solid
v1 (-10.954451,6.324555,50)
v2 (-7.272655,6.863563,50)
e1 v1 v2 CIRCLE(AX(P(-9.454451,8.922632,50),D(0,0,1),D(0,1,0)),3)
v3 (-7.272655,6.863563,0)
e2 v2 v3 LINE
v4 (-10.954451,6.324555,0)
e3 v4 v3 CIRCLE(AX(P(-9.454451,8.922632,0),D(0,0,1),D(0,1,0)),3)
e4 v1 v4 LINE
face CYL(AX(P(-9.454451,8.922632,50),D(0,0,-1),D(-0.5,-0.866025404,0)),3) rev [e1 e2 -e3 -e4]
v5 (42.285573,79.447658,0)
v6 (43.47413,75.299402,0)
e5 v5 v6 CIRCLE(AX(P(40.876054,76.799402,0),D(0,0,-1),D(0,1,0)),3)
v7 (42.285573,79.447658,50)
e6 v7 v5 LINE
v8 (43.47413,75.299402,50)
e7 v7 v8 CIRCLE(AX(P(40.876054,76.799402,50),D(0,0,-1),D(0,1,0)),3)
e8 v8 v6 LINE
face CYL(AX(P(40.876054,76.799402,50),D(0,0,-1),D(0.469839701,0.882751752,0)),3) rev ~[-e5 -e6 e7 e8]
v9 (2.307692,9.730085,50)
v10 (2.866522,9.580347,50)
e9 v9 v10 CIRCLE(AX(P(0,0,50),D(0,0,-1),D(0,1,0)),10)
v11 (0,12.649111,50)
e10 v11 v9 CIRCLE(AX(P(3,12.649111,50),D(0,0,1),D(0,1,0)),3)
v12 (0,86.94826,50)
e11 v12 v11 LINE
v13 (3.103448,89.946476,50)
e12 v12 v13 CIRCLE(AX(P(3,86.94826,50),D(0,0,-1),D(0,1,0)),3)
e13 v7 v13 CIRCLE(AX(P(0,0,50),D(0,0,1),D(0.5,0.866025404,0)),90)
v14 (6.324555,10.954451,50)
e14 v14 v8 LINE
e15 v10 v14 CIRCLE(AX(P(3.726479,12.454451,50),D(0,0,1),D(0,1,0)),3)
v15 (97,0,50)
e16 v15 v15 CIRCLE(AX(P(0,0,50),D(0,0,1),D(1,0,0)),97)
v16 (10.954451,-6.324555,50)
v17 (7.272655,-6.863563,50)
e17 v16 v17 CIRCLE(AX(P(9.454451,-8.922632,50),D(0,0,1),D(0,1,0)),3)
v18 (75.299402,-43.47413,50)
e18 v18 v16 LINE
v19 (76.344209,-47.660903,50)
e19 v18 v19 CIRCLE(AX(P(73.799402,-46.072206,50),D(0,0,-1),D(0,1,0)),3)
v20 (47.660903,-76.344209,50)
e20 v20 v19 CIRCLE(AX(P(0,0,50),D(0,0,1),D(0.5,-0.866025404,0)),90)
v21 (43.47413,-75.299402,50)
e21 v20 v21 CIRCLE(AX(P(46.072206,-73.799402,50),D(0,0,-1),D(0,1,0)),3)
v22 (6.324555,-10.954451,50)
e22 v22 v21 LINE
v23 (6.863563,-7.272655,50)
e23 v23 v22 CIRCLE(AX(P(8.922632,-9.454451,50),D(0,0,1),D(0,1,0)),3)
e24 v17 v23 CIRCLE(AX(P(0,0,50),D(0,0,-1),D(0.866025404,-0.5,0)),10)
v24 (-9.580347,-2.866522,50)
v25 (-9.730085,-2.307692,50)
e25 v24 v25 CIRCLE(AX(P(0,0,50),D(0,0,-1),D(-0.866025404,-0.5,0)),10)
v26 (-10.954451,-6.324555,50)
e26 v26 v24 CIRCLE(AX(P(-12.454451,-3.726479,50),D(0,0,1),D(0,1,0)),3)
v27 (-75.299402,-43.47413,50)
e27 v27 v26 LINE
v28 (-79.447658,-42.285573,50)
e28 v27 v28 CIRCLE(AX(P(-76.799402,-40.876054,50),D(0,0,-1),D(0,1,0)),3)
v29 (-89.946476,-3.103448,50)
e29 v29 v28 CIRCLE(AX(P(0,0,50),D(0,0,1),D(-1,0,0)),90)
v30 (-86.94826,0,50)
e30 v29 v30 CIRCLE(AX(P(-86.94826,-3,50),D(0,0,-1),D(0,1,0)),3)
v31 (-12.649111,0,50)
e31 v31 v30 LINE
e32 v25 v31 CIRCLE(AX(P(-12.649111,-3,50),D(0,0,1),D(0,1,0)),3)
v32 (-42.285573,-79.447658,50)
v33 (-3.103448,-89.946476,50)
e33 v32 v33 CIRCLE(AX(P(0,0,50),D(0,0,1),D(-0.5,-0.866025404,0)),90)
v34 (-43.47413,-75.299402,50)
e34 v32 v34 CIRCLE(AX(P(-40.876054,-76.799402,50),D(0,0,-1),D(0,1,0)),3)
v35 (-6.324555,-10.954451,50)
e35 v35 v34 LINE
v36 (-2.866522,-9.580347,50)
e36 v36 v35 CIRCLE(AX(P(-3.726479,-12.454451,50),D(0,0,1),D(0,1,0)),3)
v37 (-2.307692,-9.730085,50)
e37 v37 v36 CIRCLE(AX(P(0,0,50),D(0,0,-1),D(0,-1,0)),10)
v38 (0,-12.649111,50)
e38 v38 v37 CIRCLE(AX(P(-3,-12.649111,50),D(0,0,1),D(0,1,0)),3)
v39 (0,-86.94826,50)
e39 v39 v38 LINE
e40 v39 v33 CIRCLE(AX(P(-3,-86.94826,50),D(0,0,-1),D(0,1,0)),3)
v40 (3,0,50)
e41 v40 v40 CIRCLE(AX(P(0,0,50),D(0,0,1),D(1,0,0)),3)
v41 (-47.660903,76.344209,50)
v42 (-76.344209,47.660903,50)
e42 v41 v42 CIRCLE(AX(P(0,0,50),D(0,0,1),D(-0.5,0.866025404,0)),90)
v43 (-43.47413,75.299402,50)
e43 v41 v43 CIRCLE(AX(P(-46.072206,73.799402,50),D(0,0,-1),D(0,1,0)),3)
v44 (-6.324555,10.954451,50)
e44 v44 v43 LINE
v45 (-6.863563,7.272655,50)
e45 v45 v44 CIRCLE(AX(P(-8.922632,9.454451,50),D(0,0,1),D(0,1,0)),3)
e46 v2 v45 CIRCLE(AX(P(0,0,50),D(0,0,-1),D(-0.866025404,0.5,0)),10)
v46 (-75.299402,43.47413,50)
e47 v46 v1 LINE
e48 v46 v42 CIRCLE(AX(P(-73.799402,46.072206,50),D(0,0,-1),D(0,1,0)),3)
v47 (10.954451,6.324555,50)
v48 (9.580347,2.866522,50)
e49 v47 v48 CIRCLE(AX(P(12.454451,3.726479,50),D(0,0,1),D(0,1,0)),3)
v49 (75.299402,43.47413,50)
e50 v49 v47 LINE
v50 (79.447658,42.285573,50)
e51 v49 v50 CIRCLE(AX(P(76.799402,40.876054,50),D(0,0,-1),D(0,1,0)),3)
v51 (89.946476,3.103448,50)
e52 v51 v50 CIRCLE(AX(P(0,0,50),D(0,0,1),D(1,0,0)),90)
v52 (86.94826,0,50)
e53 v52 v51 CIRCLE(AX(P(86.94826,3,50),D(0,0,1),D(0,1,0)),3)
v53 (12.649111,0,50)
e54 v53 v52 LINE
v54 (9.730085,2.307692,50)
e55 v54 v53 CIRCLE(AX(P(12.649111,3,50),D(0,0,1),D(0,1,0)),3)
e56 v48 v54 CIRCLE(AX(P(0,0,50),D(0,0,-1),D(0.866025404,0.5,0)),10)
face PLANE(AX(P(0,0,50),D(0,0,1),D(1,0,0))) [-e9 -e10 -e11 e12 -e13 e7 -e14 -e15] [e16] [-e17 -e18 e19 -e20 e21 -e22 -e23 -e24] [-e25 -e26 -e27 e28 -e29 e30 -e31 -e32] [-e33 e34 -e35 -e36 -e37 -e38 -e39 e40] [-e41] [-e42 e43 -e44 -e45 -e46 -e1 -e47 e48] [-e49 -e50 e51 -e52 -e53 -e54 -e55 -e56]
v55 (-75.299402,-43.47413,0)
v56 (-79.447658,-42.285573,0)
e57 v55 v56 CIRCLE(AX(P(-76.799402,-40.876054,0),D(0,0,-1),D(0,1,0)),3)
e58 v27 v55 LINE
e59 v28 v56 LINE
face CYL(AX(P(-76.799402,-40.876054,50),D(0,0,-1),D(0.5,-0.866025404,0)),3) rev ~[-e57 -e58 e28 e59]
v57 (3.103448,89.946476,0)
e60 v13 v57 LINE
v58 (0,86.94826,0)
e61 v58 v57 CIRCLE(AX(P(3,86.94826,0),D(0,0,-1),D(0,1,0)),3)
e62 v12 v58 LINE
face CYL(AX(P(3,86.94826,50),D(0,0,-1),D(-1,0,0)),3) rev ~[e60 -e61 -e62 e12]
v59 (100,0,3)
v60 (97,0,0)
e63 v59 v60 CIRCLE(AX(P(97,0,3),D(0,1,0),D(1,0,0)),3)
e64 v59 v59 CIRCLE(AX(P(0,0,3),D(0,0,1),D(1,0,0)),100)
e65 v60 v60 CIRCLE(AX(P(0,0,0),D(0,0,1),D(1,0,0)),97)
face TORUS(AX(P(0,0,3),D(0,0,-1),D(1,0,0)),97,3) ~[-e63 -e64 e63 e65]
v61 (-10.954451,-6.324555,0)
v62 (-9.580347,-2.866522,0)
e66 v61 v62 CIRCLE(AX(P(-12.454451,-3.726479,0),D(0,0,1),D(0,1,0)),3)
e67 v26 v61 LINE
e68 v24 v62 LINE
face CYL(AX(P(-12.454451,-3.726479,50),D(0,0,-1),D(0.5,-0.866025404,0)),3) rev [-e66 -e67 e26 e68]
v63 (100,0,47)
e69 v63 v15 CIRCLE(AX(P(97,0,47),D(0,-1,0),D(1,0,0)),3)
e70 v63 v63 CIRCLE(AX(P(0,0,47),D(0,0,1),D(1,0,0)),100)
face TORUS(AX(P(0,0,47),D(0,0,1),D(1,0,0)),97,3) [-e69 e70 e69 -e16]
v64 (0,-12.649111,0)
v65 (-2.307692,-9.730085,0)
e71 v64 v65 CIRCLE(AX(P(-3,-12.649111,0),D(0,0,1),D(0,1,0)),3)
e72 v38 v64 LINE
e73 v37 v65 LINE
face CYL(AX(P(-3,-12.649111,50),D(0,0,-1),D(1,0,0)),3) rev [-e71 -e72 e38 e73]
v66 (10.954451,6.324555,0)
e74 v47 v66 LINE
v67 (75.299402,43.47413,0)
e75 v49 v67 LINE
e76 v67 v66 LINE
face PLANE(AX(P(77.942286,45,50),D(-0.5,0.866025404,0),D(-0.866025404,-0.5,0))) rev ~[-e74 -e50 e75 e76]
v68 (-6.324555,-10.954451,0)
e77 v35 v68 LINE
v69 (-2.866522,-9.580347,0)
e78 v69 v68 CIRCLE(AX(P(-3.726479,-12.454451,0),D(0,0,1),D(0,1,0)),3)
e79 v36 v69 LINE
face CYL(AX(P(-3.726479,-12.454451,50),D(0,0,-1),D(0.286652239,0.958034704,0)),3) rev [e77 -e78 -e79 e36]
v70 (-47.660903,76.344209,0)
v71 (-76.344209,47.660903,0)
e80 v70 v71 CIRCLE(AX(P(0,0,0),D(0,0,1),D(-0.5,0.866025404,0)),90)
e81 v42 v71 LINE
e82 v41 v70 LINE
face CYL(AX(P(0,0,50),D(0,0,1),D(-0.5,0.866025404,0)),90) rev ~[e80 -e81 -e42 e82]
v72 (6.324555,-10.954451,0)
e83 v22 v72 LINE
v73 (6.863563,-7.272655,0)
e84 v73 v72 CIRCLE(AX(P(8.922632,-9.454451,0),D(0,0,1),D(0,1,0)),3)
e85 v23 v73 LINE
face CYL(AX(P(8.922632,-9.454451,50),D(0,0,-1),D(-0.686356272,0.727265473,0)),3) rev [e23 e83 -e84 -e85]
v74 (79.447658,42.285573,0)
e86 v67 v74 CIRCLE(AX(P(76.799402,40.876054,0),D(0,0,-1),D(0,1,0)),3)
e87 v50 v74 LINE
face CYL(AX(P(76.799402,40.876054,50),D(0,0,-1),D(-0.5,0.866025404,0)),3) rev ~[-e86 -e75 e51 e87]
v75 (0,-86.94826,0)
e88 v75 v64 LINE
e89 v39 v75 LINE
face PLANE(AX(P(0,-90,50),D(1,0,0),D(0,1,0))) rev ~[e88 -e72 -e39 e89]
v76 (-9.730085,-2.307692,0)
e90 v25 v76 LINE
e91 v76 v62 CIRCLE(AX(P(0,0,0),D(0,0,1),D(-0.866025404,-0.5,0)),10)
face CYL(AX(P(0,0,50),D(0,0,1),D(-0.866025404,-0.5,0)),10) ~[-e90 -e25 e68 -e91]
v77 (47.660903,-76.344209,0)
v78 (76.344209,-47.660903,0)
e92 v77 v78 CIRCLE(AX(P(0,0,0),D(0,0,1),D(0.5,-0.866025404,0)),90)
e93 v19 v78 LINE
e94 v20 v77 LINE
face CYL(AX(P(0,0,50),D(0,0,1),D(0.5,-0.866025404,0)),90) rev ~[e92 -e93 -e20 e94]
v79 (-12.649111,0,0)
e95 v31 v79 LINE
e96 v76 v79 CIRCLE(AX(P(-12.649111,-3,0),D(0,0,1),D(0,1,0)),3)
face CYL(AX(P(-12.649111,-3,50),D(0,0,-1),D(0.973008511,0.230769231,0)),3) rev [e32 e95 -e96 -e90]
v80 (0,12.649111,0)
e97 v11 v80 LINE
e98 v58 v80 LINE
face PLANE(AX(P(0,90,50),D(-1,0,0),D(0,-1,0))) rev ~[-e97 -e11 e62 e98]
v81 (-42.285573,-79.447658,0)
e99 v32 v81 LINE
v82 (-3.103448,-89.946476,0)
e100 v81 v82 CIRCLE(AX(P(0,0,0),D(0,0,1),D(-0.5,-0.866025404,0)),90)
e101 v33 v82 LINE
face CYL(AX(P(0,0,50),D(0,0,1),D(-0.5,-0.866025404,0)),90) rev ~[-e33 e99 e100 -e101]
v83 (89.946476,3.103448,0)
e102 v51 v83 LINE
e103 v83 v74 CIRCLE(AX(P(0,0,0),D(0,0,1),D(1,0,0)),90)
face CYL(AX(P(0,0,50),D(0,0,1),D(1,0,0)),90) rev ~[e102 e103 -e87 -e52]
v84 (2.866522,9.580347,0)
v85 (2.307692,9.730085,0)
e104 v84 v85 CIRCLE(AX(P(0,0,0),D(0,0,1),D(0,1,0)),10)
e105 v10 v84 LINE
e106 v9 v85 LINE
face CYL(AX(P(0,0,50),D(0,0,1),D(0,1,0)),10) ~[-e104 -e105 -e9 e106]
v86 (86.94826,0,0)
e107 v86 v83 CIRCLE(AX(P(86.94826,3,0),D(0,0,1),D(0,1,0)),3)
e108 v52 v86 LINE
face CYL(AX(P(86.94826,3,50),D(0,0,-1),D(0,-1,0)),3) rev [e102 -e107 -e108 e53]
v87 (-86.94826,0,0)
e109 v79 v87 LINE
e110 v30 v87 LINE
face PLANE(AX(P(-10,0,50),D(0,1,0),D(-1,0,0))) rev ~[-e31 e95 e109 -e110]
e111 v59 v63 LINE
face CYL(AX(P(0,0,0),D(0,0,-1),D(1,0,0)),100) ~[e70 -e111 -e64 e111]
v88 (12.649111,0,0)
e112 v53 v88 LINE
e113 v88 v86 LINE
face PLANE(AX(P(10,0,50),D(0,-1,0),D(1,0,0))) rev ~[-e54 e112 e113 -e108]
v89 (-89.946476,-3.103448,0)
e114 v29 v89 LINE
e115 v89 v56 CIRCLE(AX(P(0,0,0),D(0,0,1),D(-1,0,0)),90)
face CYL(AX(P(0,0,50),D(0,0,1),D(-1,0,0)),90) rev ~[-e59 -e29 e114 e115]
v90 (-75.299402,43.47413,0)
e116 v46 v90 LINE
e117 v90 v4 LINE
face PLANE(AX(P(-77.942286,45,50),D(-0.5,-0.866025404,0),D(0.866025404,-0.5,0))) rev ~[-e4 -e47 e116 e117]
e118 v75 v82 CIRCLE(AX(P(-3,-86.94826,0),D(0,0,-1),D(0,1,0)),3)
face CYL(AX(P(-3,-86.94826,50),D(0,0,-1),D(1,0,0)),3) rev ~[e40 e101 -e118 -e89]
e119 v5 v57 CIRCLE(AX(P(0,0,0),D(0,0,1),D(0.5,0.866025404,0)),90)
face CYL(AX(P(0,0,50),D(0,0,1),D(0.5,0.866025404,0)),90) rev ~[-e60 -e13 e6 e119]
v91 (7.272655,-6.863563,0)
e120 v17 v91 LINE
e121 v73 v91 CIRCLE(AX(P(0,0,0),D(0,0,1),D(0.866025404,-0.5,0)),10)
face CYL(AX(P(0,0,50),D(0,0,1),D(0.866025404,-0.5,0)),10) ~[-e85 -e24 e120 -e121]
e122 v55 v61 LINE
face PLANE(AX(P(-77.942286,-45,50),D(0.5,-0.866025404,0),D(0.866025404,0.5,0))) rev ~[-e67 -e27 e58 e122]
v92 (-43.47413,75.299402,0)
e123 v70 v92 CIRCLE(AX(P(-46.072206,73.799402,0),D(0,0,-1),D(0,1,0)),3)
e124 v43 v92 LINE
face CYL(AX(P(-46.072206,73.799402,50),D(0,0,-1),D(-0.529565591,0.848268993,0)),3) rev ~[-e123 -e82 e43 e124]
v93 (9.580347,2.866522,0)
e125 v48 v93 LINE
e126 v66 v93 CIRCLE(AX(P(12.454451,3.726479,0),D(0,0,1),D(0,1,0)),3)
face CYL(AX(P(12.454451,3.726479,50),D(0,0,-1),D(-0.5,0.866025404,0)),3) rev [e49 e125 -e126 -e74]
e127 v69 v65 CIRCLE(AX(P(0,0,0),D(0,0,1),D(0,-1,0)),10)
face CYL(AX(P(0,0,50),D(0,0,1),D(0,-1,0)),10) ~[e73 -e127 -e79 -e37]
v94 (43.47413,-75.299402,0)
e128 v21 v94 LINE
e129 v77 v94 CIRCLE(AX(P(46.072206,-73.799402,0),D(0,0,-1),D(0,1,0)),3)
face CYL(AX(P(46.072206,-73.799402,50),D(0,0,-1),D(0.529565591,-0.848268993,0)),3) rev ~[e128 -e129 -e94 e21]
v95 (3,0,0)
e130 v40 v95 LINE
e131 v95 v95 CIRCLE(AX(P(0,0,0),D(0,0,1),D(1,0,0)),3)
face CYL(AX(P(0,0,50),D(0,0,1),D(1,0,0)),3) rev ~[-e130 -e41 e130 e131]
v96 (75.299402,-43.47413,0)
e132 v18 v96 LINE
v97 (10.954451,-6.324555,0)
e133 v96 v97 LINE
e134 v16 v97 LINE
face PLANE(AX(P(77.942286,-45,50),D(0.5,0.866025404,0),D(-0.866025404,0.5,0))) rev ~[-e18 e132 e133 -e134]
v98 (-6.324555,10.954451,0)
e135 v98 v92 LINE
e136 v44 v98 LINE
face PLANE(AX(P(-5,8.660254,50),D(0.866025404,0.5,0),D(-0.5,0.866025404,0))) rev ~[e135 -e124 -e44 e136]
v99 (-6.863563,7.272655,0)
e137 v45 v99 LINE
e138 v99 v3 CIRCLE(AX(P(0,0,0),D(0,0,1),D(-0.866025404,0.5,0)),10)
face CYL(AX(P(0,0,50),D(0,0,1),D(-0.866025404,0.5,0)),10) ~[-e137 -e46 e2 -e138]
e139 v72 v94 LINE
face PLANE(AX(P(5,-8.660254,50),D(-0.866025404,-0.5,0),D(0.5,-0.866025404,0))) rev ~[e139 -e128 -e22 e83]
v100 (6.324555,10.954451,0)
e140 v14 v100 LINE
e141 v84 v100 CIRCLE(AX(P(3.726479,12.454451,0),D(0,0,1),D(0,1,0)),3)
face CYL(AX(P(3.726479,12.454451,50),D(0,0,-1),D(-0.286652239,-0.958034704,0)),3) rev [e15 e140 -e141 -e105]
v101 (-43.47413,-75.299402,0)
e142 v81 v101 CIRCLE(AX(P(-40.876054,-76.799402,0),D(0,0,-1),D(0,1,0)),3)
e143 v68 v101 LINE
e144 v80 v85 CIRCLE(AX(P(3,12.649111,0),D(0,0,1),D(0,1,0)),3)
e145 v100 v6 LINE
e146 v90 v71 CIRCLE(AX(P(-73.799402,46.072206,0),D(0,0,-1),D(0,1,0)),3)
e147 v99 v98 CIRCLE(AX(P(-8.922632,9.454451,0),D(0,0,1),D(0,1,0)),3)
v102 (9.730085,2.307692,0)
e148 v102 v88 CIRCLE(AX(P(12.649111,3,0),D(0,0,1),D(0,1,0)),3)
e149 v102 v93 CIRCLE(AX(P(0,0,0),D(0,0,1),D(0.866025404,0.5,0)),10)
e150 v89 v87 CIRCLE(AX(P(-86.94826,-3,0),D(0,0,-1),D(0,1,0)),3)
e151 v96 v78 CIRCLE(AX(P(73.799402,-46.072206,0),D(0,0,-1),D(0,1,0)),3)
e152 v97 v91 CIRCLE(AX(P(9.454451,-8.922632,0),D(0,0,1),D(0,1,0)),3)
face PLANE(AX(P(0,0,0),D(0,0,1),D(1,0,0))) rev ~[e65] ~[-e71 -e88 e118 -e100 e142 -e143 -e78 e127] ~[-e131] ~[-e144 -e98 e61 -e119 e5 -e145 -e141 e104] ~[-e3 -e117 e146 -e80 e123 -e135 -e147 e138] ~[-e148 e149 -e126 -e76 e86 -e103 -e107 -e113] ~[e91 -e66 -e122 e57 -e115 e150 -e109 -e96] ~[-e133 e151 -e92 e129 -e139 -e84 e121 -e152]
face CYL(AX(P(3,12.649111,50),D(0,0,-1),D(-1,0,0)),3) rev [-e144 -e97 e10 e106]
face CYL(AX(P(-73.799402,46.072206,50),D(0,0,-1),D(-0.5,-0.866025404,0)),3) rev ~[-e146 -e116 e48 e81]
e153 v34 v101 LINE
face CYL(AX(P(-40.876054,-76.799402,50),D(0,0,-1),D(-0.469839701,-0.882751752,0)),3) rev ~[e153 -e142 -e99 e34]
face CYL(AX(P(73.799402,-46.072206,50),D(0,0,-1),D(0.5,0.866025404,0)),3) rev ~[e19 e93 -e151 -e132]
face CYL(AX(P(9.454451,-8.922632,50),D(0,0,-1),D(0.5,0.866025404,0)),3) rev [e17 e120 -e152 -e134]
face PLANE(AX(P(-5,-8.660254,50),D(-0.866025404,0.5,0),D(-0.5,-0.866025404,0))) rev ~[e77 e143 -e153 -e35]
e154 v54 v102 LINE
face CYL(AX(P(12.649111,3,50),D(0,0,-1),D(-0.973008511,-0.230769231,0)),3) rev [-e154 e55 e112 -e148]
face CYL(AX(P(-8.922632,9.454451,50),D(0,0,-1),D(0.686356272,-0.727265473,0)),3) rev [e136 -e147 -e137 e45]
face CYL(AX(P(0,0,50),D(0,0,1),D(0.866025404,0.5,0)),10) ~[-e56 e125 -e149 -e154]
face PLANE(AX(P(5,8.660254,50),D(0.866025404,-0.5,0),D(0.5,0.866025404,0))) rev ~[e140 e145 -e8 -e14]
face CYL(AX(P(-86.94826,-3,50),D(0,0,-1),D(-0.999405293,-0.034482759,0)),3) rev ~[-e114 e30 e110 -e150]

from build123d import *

# Parameters (mm, degrees)
SKETCH1_R           = 100
BOSS_EXTRUDE1_DEPTH = 50
CUT_EXTRUDE1_DEPTH  = 151
CIRPATTERN1_COUNT   = 6
FILLET1_R           = 3
SKETCH3_R           = 3
CUT_EXTRUDE2_DEPTH  = 151.000000067


with BuildPart() as part:
    # Sketch1 → Boss-Extrude1 (new body)
    with BuildSketch(Plane.XY):
        Circle(SKETCH1_R)
    extrude(amount=BOSS_EXTRUDE1_DEPTH)

    # Sketch2 → Cut-Extrude1 (cut, through all)
    with BuildSketch(Plane.XY.offset(50)):
        with BuildLine():
            Line((0, 90), (0, 10))
            ThreePointArc((0, 10), (2.588190451, 9.659258263), (5, 8.660254038))
            Line((5, 8.660254038), (45, 77.942286341))
            ThreePointArc((45, 77.942286341), (23.293714059, 86.933324366), (0, 90))
        make_face()
    cut_extrude1 = extrude(amount=-CUT_EXTRUDE1_DEPTH, mode=Mode.SUBTRACT)

    # CirPattern1: Cut-Extrude1 ×6 about axis
    cirpattern1_axis = Axis((0, 0, 0), (0, 0, 1))
    for i in range(1, CIRPATTERN1_COUNT):
        add(cut_extrude1.rotate(cirpattern1_axis, i * 360 / CIRPATTERN1_COUNT), mode=Mode.SUBTRACT)

    # Fillet1
    fillet1_edges = [part.edges().sort_by_distance(p)[0] for p in [
        (45, 77.942286341, 25),
        (5, 8.660254038, 25),
        (0, 10, 25),
        (0, 90, 25),
        (-100, 0, 0),
        (90, 0, 25),
        (10, 0, 25),
        (8.660254038, 5, 25),
        (77.942286341, 45, 25),
        (45, -77.942286341, 25),
        (5, -8.660254038, 25),
        (8.660254038, -5, 25),
        (-100, 0, 50),
        (77.942286341, -45, 25),
        (-90, 0, 25),
        (-10, 0, 25),
        (-8.660254038, -5, 25),
        (-77.942286341, -45, 25),
        (-45, -77.942286341, 25),
        (-5, -8.660254038, 25),
        (0, -10, 25),
        (0, -90, 25),
        (-45, 77.942286341, 25),
        (-5, 8.660254038, 25),
        (-8.660254038, 5, 25),
        (-77.942286341, 45, 25),
    ]]
    fillet(fillet1_edges, radius=FILLET1_R)

    # Sketch3 → Cut-Extrude2 (cut, through all)
    with BuildSketch(Plane.XY.offset(50)):
        Circle(SKETCH3_R)
    extrude(amount=-CUT_EXTRUDE2_DEPTH, mode=Mode.SUBTRACT)


solid = part.part
